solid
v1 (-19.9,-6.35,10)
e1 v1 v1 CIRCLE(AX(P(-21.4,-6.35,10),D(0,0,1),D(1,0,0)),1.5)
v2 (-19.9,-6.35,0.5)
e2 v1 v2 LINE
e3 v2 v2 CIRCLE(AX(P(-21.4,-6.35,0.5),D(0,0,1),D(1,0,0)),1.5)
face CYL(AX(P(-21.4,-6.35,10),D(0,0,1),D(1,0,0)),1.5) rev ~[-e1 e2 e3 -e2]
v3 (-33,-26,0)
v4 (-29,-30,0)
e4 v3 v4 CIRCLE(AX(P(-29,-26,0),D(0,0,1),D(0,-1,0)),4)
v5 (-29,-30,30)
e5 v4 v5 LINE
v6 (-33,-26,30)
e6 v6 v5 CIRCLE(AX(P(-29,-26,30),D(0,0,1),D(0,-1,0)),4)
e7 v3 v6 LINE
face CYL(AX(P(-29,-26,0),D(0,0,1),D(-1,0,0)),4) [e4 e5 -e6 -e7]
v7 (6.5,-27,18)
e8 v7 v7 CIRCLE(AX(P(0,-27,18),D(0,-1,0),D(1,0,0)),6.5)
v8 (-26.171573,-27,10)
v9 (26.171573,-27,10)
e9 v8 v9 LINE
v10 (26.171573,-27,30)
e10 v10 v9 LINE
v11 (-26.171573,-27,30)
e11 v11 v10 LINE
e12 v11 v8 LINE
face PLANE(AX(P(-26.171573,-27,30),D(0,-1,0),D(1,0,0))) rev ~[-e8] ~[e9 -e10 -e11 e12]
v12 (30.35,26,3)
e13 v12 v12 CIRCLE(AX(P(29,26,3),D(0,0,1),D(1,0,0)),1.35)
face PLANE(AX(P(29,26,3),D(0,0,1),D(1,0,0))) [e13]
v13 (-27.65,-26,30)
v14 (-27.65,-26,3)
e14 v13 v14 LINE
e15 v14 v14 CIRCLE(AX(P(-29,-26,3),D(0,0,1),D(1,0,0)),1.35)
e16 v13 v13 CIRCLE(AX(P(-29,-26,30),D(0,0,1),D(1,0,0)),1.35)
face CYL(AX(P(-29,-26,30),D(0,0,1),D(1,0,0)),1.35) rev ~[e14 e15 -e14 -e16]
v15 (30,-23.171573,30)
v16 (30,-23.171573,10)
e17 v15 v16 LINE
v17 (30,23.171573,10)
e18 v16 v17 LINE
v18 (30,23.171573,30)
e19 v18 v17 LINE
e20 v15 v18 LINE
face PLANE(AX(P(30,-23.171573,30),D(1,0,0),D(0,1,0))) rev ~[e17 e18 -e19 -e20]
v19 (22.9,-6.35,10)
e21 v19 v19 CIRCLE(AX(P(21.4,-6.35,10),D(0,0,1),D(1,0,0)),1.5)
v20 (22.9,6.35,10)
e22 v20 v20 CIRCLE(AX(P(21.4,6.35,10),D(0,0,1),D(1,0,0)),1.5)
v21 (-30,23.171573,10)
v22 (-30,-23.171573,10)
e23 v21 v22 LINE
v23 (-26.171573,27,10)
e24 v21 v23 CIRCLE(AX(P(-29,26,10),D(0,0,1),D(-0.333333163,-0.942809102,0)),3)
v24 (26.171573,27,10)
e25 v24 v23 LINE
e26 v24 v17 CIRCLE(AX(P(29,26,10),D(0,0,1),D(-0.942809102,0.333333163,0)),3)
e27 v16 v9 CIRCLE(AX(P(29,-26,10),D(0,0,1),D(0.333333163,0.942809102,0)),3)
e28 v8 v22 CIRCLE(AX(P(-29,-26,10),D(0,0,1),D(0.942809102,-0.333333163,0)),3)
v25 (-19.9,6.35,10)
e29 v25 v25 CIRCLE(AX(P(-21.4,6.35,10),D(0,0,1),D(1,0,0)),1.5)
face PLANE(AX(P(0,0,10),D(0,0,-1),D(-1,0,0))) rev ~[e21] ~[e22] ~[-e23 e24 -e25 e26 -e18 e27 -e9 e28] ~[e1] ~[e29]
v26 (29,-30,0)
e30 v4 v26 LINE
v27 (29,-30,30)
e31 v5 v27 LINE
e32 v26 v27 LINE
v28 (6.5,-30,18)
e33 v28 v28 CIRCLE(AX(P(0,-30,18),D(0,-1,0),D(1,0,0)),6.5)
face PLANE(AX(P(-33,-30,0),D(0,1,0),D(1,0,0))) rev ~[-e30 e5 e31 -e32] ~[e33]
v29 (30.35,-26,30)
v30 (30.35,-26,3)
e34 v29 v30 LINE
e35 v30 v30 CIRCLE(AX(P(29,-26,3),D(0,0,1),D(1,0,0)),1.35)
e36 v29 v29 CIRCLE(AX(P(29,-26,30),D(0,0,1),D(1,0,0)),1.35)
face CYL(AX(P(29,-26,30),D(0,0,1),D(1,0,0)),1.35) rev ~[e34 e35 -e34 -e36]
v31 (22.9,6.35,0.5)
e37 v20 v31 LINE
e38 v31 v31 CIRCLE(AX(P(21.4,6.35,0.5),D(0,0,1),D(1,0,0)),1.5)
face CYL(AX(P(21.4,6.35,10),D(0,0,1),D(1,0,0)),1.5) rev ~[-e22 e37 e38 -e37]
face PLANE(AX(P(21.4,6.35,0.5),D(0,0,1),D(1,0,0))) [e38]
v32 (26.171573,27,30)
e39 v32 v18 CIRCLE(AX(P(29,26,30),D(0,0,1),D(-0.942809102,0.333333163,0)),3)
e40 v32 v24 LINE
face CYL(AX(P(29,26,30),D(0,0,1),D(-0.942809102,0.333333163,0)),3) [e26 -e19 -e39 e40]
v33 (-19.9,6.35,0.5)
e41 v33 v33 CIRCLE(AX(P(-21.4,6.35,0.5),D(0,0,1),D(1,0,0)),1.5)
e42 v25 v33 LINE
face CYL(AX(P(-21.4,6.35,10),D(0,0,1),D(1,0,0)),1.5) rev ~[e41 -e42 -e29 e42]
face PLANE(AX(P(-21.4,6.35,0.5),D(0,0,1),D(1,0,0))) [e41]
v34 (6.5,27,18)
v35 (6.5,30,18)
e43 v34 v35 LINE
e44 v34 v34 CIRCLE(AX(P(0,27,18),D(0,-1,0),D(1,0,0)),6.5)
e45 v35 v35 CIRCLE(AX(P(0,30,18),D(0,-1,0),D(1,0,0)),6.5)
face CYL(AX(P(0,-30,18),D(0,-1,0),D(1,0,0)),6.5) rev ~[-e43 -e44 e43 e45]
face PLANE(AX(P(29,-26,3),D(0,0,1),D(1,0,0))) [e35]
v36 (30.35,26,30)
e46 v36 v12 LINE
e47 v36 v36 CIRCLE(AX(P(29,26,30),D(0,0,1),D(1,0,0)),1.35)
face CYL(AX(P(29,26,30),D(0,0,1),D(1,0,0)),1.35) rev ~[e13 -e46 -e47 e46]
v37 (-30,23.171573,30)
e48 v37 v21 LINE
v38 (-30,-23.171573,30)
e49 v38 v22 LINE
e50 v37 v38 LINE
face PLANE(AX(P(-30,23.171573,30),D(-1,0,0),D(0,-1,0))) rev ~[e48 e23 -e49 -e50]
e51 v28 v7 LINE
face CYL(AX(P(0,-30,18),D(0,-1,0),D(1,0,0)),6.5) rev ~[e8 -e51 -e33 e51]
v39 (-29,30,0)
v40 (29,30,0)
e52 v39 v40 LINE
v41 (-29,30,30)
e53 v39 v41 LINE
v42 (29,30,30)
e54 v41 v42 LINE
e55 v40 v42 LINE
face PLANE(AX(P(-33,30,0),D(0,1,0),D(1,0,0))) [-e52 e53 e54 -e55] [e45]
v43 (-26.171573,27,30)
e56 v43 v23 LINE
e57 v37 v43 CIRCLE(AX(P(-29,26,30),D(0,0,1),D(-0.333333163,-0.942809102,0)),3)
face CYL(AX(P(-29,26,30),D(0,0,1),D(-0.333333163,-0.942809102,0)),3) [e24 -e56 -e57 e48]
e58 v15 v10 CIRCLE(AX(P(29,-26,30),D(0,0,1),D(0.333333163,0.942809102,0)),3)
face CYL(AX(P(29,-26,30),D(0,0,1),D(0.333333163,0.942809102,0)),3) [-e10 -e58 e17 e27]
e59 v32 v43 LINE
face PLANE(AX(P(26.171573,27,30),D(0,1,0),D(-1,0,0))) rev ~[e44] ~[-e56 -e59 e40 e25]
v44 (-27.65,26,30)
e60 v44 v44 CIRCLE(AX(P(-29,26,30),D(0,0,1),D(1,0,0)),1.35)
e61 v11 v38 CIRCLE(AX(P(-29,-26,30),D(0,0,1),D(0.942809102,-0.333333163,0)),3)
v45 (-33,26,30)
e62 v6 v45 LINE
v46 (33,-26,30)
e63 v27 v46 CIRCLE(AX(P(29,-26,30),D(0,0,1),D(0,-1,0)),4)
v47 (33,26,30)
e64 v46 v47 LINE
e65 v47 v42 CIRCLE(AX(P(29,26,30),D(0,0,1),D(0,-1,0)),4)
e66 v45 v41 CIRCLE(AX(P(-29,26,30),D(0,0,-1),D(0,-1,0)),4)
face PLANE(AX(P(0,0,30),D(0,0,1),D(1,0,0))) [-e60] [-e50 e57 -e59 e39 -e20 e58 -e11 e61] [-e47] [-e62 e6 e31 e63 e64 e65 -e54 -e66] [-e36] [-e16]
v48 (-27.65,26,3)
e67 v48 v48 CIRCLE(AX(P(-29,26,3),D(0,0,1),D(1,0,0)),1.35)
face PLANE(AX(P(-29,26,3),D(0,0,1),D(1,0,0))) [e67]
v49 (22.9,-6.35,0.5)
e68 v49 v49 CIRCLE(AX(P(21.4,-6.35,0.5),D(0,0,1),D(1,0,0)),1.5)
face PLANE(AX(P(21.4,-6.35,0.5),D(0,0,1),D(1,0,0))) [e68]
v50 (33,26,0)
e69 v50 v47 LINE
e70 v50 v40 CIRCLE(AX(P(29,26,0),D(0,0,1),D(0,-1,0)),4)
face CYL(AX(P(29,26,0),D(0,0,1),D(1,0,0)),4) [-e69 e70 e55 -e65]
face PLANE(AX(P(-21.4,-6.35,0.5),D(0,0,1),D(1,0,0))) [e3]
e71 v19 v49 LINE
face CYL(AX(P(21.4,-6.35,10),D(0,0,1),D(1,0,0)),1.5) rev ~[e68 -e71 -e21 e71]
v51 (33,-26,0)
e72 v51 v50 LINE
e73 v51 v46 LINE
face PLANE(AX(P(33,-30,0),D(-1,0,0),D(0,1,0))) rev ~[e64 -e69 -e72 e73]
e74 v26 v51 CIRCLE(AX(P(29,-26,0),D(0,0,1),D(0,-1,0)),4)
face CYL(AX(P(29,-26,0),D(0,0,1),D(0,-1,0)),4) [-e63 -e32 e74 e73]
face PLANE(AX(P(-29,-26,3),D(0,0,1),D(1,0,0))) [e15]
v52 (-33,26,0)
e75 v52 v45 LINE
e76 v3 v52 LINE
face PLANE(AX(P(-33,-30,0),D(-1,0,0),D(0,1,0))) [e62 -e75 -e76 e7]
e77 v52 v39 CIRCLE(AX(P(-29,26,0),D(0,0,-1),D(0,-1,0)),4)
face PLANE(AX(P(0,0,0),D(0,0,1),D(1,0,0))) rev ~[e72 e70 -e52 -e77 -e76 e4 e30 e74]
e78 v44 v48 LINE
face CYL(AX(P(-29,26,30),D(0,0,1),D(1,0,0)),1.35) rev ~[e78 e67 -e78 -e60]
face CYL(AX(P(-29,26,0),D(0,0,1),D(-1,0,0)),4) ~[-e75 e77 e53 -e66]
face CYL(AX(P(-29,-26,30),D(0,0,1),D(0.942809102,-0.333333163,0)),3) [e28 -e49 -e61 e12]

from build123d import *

# Parameters (mm, degrees)
SKETCH_W        = 66
SKETCH_H        = 60
PAD_DEPTH       = 30
FILLET_R        = 4
SKETCH001_R     = 1.35
POCKET_DEPTH    = 27
POCKET001_DEPTH = 20
SKETCH003_R     = 1.5
POCKET002_DEPTH = 9.5
SKETCH004_R     = 6.5
POCKET003_DEPTH = 60.001


with BuildPart() as part:
    # Sketch → Pad (new body)
    with BuildSketch(Plane.XY):
        Rectangle(SKETCH_W, SKETCH_H)
    extrude(amount=PAD_DEPTH)

    # Fillet
    fillet_edges = [part.edges().sort_by_distance(p)[0] for p in [
        (-33, -30, 15),
        (33, -30, 15),
        (33, 30, 15),
        (-33, 30, 15),
    ]]
    fillet(fillet_edges, radius=FILLET_R)

    # Sketch001 (on Face5 of Fillet) → Pocket (cut)
    with BuildSketch(Plane.XY.offset(30)):
        with Locations((-29, 26)):
            Circle(SKETCH001_R)
        with Locations((29, 26)):
            Circle(SKETCH001_R)
        with Locations((29, -26)):
            Circle(SKETCH001_R)
        with Locations((-29, -26)):
            Circle(SKETCH001_R)
    extrude(amount=-POCKET_DEPTH, mode=Mode.SUBTRACT)

    # Sketch002 (on Face5 of Pocket) → Pocket001 (cut)
    with BuildSketch(Plane.XY.offset(30)):
        with BuildLine():
            ThreePointArc((-30, 23.171573), (-26.87868, 23.87868), (-26.171573, 27))
            Line((26.171573, 27), (-26.171573, 27))
            ThreePointArc((26.171573, 27), (26.87868, 23.87868), (30, 23.171573))
            Line((30, -23.171573), (30, 23.171573))
            ThreePointArc((30, -23.171573), (26.87868, -23.87868), (26.171573, -27))
            Line((-26.171573, -27), (26.171573, -27))
            ThreePointArc((-26.171573, -27), (-26.87868, -23.87868), (-30, -23.171573))
            Line((-30, 23.171573), (-30, -23.171573))
        make_face()
    extrude(amount=-POCKET001_DEPTH, mode=Mode.SUBTRACT)

    # Sketch003 (on Face26 of Pocket001) → Pocket002 (cut)
    with BuildSketch(Plane.XY.offset(10)):
        with Locations((-21.4, 6.35)):
            Circle(SKETCH003_R)
        with Locations((21.4, 6.35)):
            Circle(SKETCH003_R)
        with Locations((21.4, -6.35)):
            Circle(SKETCH003_R)
        with Locations((-21.4, -6.35)):
            Circle(SKETCH003_R)
    extrude(amount=-POCKET002_DEPTH, mode=Mode.SUBTRACT)

    # Sketch004 (on Face6 of Pocket002) → Pocket003 (cut, through all)
    with BuildSketch(Plane.XZ.offset(30)):
        with Locations((0, 18)):
            Circle(SKETCH004_R)
    extrude(amount=-POCKET003_DEPTH, mode=Mode.SUBTRACT)


solid = part.part
